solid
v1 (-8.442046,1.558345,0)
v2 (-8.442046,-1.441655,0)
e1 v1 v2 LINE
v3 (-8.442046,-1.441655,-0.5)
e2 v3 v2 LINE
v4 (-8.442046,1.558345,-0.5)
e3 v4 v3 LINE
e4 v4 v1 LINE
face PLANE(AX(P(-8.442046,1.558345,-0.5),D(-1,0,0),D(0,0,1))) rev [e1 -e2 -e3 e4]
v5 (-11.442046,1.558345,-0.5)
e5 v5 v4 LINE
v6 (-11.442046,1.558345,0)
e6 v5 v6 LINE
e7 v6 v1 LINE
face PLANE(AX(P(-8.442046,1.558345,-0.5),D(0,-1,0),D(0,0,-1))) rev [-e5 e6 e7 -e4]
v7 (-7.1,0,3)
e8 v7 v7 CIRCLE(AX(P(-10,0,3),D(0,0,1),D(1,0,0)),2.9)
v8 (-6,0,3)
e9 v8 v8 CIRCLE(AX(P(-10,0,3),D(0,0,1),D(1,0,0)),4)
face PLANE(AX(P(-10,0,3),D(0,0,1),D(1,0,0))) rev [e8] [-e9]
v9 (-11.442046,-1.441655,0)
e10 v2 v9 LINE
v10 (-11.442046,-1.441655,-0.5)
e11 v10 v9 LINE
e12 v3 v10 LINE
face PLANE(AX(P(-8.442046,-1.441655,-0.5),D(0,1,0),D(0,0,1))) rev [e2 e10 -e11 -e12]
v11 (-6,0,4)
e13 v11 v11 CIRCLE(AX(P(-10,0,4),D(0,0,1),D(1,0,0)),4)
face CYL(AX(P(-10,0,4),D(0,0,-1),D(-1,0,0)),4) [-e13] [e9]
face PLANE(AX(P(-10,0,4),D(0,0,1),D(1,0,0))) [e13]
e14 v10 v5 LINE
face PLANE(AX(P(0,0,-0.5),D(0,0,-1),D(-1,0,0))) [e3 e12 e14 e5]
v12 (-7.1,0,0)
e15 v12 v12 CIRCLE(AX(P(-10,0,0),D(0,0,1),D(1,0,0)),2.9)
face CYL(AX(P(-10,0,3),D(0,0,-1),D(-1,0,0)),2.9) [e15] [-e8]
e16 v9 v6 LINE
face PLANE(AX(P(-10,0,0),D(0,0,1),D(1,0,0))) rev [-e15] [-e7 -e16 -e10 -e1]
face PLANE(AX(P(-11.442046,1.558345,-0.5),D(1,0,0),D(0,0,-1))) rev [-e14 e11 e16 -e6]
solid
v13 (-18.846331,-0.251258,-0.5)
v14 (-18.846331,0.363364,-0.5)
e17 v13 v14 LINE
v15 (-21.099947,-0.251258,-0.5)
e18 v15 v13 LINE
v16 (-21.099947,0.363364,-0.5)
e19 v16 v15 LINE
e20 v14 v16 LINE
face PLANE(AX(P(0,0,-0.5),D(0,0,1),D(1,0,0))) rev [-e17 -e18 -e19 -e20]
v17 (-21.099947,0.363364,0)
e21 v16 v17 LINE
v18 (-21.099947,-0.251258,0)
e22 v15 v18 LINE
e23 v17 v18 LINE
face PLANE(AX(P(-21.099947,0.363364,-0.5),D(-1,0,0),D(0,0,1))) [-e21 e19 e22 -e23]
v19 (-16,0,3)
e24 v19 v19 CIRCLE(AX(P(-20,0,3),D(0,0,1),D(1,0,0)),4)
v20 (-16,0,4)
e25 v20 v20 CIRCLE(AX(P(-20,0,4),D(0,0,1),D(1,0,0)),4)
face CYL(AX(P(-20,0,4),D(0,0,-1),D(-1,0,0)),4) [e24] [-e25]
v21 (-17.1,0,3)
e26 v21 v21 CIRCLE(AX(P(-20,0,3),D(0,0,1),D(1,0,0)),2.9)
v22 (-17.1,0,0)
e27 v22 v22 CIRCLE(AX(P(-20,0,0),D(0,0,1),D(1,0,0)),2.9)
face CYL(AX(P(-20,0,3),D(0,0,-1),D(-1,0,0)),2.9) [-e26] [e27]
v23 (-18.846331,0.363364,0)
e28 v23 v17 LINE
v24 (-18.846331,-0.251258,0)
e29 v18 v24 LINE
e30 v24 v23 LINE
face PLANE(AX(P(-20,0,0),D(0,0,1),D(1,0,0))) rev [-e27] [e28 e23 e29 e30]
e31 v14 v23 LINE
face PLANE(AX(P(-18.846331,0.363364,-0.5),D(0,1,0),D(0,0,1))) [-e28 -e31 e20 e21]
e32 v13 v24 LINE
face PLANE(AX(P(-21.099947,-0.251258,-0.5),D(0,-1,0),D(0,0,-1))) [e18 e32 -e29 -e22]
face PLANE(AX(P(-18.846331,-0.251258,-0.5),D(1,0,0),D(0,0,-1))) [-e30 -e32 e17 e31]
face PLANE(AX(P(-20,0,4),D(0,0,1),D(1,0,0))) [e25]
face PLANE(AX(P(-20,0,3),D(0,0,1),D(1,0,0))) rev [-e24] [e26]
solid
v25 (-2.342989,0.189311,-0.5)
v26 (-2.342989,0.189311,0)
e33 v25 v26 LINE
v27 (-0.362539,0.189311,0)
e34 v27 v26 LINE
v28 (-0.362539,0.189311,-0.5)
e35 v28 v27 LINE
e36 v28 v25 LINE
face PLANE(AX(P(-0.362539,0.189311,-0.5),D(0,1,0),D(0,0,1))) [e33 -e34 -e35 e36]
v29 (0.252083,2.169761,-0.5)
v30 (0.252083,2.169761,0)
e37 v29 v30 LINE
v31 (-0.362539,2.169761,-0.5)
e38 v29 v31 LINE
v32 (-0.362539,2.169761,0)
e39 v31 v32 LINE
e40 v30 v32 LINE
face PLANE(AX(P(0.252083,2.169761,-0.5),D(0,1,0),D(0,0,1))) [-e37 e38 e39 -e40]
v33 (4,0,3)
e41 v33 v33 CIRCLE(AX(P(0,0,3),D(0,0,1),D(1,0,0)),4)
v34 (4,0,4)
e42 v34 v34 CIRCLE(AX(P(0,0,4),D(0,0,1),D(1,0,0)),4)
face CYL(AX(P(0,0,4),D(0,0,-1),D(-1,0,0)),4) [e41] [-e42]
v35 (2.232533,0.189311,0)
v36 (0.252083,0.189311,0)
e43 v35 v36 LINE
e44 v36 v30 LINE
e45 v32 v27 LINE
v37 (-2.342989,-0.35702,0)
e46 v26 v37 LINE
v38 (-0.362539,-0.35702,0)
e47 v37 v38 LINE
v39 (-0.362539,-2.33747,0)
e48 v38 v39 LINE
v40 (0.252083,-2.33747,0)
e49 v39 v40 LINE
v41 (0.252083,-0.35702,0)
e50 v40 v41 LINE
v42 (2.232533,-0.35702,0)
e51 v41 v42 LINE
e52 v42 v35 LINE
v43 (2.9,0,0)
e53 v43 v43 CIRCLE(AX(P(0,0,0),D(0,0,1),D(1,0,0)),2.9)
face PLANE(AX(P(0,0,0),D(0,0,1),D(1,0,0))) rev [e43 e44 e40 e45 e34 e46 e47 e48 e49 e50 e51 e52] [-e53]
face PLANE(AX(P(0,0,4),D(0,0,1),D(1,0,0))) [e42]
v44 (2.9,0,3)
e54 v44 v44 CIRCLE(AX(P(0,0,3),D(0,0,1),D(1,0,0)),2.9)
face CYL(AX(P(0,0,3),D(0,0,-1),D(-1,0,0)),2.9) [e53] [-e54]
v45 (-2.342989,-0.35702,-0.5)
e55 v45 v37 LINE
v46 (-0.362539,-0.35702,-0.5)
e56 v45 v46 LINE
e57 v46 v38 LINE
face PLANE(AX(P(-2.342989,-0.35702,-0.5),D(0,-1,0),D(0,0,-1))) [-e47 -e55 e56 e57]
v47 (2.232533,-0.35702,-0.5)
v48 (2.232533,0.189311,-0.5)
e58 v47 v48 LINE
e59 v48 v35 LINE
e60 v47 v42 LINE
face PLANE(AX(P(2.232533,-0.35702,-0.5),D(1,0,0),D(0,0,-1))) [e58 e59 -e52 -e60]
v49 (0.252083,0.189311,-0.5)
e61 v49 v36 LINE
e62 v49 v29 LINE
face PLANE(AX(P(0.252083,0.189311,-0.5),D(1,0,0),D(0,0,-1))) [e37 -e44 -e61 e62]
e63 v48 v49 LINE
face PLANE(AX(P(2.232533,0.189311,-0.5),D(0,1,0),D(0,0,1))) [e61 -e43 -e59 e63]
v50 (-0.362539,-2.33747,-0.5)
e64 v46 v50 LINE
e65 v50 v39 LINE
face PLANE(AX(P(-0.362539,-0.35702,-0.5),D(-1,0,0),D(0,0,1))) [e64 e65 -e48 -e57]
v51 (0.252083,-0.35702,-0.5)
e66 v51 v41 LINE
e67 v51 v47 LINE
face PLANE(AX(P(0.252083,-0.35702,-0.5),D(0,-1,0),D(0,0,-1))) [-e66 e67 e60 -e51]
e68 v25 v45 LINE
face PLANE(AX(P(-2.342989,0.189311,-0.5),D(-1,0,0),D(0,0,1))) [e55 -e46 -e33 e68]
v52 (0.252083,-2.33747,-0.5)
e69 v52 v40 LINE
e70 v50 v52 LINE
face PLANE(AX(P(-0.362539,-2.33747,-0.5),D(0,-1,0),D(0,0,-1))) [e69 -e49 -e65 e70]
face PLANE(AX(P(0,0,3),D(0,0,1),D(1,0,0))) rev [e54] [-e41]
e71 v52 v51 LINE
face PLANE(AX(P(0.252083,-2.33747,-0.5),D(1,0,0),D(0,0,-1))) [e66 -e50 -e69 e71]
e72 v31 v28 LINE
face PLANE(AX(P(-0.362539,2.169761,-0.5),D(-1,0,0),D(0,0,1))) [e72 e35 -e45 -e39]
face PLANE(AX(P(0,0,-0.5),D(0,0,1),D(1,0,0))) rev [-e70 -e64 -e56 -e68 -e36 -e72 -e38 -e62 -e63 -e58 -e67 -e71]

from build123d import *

# Parameters (mm, degrees)
ESQUISSE1_R                = 2.9
BOSS_EXTRU_1_DEPTH         = 3
ESQUISSE2_R                = 4
BOSS_EXTRU_2_DEPTH         = 1
R_P_TITION_LIN_AIRE2_COUNT = 3
R_P_TITION_LIN_AIRE2_PITCH = 10
ESQUISSE4_W                = 3
ESQUISSE4_H                = 3
ESQUISSE4_W_2              = 2.253615753
ESQUISSE4_H_2              = 0.614622478
BOSS_EXTRU_3_DEPTH         = 0.5


with BuildPart() as part:
    # Esquisse1 → Boss.-Extru.1 (new body)
    with BuildSketch(Plane.XY):
        Circle(ESQUISSE1_R)
    extrude(amount=BOSS_EXTRU_1_DEPTH)

    # Esquisse2 → Boss.-Extru.2 (add)
    with BuildSketch(Plane.XY.offset(3)):
        Circle(ESQUISSE2_R)
    extrude(amount=BOSS_EXTRU_2_DEPTH)


with BuildPart() as r_p_tition_lin_aire2_1:
    # Répétition linéaire2: pattern copy
    add(part.part.moved(Location(Vector(-1, 0, 0) * (1 * R_P_TITION_LIN_AIRE2_PITCH))))


with BuildPart() as r_p_tition_lin_aire2_2:
    # Répétition linéaire2: pattern copy
    add(part.part.moved(Location(Vector(-1, 0, 0) * (2 * R_P_TITION_LIN_AIRE2_PITCH))))


with BuildPart() as part_1:
    add(part.part)

    add(r_p_tition_lin_aire2_1.part)  # Boss.-Extru.3 merges Répétition linéaire2_1

    add(r_p_tition_lin_aire2_2.part)  # Boss.-Extru.3 merges Répétition linéaire2_2
    # Esquisse4 → Boss.-Extru.3 (add)
    with BuildSketch(Plane(origin=(0, 0, 0), x_dir=(-1, 0, 0), z_dir=(0, 0, -1))):
        with Locations((9.942046118, 0.058344616)):
            Rectangle(ESQUISSE4_W, ESQUISSE4_H)
        Polygon((2.342989472, -0.357020155), (0.362539264, -0.357020155), (0.362539264, -2.337470363), (-0.252083214, -2.337470363), (-0.252083214, -0.357020155), (-2.232533422, -0.357020155), (-2.232533422, 0.189310936), (-0.252083214, 0.189310936), (-0.252083214, 2.169761144), (0.362539264, 2.169761144), (0.362539264, 0.189310936), (2.342989472, 0.189310936), align=None)
        with Locations((19.973138969, 0.056052833)):
            Rectangle(ESQUISSE4_W_2, ESQUISSE4_H_2)
    extrude(amount=BOSS_EXTRU_3_DEPTH)


solid = part_1.part
